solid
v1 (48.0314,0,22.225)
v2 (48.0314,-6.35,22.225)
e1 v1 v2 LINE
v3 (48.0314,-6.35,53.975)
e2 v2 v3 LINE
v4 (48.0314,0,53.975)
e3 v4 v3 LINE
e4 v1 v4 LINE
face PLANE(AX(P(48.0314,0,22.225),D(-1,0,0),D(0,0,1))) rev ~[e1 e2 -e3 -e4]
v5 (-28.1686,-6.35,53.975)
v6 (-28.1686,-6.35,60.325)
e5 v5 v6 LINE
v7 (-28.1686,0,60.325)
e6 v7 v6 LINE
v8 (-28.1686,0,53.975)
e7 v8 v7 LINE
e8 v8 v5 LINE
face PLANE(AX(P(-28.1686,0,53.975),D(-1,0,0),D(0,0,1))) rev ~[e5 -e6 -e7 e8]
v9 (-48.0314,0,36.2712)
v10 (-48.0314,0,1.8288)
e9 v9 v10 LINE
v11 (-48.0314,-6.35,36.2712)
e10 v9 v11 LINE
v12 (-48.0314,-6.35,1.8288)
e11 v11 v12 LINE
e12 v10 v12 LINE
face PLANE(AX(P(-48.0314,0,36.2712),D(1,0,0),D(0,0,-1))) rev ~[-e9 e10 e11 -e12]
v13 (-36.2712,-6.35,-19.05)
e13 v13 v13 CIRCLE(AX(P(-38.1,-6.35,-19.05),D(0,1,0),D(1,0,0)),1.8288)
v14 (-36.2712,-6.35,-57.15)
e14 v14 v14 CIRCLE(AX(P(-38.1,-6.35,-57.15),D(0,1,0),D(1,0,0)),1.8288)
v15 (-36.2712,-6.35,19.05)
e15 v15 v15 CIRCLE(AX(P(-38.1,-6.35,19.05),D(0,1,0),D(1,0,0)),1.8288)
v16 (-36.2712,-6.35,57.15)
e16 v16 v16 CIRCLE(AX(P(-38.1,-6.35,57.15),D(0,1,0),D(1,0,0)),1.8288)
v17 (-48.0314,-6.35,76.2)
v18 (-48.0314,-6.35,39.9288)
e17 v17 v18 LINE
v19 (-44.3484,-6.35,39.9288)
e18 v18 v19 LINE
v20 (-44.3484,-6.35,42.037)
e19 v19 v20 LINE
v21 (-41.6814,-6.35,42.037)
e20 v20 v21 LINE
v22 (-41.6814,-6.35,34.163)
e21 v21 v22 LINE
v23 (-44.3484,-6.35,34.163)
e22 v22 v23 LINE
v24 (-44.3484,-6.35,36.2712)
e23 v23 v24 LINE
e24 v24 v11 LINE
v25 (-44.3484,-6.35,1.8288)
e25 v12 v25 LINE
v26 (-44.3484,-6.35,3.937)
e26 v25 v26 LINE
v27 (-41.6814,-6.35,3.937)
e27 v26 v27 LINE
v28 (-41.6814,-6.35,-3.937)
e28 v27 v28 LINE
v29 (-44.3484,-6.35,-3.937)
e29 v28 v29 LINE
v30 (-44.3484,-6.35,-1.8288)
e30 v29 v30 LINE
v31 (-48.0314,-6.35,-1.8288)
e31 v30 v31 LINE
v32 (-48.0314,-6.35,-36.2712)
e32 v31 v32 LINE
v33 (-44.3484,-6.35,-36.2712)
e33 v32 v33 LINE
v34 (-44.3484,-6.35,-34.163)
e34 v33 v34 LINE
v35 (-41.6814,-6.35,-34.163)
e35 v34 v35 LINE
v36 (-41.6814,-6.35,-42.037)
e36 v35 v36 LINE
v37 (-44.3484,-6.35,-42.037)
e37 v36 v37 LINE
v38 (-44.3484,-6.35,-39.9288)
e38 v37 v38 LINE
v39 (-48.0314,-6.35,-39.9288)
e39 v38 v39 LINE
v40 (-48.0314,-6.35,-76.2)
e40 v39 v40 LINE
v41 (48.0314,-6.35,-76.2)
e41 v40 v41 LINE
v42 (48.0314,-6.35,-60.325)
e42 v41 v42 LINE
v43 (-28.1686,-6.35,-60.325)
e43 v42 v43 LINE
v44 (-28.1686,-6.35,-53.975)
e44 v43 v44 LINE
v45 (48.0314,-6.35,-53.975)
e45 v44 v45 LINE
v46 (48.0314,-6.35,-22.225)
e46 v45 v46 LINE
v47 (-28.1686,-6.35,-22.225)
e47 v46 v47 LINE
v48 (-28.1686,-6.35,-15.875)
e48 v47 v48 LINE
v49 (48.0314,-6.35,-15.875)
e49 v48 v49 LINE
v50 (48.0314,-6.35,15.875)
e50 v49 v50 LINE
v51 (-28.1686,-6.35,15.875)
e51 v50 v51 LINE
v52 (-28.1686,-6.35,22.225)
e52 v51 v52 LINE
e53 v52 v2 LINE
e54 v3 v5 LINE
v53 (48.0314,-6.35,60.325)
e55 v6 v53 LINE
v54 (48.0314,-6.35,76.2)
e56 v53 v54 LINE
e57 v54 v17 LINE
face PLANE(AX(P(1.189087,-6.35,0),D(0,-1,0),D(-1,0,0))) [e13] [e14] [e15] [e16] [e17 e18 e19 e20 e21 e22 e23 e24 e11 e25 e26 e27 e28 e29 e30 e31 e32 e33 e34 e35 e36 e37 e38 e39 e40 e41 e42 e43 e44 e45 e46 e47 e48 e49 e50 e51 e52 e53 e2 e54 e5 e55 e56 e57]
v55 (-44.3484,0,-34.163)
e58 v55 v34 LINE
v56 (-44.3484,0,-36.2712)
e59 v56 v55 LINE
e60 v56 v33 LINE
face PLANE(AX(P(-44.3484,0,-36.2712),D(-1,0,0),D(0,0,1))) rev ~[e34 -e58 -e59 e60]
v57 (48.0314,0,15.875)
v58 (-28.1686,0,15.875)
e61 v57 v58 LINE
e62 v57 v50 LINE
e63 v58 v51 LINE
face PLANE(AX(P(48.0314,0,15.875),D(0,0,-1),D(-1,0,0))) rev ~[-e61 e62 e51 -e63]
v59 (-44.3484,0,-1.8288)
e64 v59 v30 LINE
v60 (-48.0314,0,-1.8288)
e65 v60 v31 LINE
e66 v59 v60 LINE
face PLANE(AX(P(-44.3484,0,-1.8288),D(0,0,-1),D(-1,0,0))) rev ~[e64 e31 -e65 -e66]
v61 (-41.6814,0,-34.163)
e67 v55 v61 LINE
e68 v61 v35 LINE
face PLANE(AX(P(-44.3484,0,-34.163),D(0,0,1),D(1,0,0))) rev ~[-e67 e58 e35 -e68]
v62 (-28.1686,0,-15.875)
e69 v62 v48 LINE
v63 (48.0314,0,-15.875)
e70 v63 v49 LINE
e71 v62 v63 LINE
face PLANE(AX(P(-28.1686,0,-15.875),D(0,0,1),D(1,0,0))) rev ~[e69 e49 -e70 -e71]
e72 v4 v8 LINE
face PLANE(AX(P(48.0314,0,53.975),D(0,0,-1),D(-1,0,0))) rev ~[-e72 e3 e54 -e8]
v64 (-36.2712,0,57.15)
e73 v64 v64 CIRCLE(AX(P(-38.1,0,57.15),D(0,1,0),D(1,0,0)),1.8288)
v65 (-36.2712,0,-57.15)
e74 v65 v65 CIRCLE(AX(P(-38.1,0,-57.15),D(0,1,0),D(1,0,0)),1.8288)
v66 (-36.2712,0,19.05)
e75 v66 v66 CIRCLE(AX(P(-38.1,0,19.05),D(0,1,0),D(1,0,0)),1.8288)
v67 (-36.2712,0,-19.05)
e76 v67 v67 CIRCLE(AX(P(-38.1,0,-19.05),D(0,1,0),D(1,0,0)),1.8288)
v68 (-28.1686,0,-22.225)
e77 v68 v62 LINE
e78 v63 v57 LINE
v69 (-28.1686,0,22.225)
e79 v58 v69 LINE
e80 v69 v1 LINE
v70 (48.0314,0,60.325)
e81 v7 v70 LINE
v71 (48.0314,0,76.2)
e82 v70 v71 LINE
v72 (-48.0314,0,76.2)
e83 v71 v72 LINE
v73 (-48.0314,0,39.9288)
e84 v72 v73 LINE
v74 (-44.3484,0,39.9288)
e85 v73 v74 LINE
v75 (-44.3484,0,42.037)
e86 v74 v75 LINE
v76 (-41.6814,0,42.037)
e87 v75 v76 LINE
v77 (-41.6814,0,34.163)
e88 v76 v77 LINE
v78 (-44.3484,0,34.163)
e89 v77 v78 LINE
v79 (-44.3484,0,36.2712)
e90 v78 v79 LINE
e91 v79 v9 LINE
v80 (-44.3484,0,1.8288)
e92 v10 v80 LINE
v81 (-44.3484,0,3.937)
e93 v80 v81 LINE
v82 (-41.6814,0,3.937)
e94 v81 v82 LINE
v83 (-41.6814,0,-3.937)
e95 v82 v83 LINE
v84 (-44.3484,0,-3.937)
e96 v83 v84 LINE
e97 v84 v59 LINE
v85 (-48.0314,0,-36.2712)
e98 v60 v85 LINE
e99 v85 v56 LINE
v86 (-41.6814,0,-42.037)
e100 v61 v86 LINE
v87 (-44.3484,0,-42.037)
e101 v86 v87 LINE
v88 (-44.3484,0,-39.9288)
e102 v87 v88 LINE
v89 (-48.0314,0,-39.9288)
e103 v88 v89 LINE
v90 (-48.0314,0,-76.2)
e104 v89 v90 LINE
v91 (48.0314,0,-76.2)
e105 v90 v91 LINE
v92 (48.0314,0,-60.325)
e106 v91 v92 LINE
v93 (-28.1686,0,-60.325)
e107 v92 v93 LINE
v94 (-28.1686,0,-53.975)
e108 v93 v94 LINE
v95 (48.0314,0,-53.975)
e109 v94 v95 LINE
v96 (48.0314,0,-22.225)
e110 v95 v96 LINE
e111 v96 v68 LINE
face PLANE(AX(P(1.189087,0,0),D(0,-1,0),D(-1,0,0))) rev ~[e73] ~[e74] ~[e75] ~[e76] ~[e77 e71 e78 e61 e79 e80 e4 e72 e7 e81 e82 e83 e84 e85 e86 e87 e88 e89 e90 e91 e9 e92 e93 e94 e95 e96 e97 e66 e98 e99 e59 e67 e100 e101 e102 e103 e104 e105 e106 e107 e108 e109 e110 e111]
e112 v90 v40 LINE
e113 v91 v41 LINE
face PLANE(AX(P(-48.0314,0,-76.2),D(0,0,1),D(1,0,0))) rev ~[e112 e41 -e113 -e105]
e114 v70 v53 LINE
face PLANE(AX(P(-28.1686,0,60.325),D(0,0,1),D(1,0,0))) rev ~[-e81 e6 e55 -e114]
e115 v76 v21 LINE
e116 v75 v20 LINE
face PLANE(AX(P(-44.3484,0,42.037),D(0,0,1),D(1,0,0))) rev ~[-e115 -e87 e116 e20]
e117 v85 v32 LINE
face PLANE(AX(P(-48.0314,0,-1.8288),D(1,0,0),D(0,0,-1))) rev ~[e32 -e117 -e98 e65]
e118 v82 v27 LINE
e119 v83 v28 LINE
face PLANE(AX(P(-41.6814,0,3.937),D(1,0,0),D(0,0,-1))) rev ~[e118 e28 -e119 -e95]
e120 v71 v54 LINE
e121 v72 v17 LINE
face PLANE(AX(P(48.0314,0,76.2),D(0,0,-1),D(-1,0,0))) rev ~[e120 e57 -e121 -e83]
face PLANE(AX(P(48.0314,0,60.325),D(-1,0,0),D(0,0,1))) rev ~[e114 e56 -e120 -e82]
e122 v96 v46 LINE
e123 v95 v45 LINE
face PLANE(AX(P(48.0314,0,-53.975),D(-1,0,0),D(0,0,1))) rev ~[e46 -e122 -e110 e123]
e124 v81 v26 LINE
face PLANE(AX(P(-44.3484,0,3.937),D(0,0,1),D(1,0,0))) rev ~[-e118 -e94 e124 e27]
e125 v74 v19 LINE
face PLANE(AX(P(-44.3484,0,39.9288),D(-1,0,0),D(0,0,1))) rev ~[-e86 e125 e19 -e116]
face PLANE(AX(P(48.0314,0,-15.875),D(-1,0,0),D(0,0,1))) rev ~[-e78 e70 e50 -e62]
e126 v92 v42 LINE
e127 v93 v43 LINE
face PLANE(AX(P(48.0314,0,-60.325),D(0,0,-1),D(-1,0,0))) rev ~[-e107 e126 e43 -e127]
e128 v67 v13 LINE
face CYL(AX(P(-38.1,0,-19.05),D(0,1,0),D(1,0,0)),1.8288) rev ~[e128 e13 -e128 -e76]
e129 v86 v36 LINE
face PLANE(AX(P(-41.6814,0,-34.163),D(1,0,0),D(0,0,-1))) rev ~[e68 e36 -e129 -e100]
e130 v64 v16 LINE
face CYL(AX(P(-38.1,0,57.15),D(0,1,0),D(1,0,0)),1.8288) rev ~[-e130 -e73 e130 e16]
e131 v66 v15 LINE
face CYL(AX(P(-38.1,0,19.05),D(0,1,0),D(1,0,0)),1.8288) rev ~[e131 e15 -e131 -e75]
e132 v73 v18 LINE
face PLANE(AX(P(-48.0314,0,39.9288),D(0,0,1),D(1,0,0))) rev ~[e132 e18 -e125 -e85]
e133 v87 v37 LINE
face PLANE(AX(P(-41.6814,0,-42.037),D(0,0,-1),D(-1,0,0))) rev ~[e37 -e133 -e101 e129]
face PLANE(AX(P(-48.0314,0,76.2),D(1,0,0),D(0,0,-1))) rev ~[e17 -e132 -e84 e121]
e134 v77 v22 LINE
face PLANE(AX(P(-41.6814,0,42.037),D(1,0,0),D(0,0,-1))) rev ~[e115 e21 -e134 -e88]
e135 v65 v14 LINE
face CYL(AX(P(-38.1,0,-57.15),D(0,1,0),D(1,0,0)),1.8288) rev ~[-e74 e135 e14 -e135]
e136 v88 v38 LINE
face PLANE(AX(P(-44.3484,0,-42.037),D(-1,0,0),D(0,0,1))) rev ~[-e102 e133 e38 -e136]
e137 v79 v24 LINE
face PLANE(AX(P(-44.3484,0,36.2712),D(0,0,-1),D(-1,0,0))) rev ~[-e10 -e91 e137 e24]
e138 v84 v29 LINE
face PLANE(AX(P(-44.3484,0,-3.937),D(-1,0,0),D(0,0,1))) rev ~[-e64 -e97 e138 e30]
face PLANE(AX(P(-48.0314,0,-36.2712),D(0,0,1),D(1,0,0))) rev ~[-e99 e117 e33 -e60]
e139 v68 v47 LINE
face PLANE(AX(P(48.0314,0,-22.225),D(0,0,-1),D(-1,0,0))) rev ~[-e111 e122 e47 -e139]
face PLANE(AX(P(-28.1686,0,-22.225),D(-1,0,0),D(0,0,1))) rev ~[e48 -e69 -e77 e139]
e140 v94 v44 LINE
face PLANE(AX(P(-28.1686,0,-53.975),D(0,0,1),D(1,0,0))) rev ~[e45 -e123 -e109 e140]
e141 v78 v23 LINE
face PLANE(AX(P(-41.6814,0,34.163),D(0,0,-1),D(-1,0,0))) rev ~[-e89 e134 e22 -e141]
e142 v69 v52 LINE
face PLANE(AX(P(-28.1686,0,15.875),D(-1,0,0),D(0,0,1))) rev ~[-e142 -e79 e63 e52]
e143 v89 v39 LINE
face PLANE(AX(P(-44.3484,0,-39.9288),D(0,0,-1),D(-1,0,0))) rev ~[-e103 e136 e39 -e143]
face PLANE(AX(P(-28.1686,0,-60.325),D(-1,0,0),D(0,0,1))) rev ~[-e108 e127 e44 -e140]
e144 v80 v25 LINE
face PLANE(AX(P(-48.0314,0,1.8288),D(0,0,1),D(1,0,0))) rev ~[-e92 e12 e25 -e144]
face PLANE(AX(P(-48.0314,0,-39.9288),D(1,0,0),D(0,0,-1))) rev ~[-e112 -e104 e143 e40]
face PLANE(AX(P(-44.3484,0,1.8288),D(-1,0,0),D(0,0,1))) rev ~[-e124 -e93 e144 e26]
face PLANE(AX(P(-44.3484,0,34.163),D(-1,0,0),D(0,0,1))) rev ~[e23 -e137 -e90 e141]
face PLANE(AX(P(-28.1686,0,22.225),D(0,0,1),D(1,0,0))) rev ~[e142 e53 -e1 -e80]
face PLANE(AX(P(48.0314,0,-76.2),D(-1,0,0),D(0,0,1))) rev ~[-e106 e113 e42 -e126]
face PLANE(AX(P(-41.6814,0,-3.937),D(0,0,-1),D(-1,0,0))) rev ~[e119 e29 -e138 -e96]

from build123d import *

# Parameters (mm, degrees)
SKETCH1_R           = 1.8288
BOSS_EXTRUDE1_DEPTH = 6.35


with BuildPart() as part:
    # Sketch1 → Boss-Extrude1 (new body)
    with BuildSketch(Plane(origin=(0, 0, 0), x_dir=(1, 0, 0), z_dir=(0, 1, 0))):
        Polygon((-48.0314, 76.2), (48.0314, 76.2), (48.0314, 60.325), (-28.1686, 60.325), (-28.1686, 53.975), (48.0314, 53.975), (48.0314, 22.225), (-28.1686, 22.225), (-28.1686, 15.875), (48.0314, 15.875), (48.0314, -15.875), (-28.1686, -15.875), (-28.1686, -22.225), (48.0314, -22.225), (48.0314, -53.975), (-28.1686, -53.975), (-28.1686, -60.325), (48.0314, -60.325), (48.0314, -76.2), (-48.0314, -76.2), (-48.0314, -39.9288), (-44.3484, -39.9288), (-44.3484, -42.037), (-41.6814, -42.037), (-41.6814, -34.163), (-44.3484, -34.163), (-44.3484, -36.2712), (-48.0314, -36.2712), (-48.0314, -1.8288), (-44.3484, -1.8288), (-44.3484, -3.937), (-41.6814, -3.937), (-41.6814, 3.937), (-44.3484, 3.937), (-44.3484, 1.8288), (-48.0314, 1.8288), (-48.0314, 36.2712), (-44.3484, 36.2712), (-44.3484, 34.163), (-41.6814, 34.163), (-41.6814, 42.037), (-44.3484, 42.037), (-44.3484, 39.9288), (-48.0314, 39.9288), align=None)
        with Locations((-38.1, 57.15)):
            Circle(SKETCH1_R, mode=Mode.SUBTRACT)
        with Locations((-38.1, 19.05)):
            Circle(SKETCH1_R, mode=Mode.SUBTRACT)
        with Locations((-38.1, -19.05)):
            Circle(SKETCH1_R, mode=Mode.SUBTRACT)
        with Locations((-38.1, -57.15)):
            Circle(SKETCH1_R, mode=Mode.SUBTRACT)
    extrude(amount=-BOSS_EXTRUDE1_DEPTH)


solid = part.part
